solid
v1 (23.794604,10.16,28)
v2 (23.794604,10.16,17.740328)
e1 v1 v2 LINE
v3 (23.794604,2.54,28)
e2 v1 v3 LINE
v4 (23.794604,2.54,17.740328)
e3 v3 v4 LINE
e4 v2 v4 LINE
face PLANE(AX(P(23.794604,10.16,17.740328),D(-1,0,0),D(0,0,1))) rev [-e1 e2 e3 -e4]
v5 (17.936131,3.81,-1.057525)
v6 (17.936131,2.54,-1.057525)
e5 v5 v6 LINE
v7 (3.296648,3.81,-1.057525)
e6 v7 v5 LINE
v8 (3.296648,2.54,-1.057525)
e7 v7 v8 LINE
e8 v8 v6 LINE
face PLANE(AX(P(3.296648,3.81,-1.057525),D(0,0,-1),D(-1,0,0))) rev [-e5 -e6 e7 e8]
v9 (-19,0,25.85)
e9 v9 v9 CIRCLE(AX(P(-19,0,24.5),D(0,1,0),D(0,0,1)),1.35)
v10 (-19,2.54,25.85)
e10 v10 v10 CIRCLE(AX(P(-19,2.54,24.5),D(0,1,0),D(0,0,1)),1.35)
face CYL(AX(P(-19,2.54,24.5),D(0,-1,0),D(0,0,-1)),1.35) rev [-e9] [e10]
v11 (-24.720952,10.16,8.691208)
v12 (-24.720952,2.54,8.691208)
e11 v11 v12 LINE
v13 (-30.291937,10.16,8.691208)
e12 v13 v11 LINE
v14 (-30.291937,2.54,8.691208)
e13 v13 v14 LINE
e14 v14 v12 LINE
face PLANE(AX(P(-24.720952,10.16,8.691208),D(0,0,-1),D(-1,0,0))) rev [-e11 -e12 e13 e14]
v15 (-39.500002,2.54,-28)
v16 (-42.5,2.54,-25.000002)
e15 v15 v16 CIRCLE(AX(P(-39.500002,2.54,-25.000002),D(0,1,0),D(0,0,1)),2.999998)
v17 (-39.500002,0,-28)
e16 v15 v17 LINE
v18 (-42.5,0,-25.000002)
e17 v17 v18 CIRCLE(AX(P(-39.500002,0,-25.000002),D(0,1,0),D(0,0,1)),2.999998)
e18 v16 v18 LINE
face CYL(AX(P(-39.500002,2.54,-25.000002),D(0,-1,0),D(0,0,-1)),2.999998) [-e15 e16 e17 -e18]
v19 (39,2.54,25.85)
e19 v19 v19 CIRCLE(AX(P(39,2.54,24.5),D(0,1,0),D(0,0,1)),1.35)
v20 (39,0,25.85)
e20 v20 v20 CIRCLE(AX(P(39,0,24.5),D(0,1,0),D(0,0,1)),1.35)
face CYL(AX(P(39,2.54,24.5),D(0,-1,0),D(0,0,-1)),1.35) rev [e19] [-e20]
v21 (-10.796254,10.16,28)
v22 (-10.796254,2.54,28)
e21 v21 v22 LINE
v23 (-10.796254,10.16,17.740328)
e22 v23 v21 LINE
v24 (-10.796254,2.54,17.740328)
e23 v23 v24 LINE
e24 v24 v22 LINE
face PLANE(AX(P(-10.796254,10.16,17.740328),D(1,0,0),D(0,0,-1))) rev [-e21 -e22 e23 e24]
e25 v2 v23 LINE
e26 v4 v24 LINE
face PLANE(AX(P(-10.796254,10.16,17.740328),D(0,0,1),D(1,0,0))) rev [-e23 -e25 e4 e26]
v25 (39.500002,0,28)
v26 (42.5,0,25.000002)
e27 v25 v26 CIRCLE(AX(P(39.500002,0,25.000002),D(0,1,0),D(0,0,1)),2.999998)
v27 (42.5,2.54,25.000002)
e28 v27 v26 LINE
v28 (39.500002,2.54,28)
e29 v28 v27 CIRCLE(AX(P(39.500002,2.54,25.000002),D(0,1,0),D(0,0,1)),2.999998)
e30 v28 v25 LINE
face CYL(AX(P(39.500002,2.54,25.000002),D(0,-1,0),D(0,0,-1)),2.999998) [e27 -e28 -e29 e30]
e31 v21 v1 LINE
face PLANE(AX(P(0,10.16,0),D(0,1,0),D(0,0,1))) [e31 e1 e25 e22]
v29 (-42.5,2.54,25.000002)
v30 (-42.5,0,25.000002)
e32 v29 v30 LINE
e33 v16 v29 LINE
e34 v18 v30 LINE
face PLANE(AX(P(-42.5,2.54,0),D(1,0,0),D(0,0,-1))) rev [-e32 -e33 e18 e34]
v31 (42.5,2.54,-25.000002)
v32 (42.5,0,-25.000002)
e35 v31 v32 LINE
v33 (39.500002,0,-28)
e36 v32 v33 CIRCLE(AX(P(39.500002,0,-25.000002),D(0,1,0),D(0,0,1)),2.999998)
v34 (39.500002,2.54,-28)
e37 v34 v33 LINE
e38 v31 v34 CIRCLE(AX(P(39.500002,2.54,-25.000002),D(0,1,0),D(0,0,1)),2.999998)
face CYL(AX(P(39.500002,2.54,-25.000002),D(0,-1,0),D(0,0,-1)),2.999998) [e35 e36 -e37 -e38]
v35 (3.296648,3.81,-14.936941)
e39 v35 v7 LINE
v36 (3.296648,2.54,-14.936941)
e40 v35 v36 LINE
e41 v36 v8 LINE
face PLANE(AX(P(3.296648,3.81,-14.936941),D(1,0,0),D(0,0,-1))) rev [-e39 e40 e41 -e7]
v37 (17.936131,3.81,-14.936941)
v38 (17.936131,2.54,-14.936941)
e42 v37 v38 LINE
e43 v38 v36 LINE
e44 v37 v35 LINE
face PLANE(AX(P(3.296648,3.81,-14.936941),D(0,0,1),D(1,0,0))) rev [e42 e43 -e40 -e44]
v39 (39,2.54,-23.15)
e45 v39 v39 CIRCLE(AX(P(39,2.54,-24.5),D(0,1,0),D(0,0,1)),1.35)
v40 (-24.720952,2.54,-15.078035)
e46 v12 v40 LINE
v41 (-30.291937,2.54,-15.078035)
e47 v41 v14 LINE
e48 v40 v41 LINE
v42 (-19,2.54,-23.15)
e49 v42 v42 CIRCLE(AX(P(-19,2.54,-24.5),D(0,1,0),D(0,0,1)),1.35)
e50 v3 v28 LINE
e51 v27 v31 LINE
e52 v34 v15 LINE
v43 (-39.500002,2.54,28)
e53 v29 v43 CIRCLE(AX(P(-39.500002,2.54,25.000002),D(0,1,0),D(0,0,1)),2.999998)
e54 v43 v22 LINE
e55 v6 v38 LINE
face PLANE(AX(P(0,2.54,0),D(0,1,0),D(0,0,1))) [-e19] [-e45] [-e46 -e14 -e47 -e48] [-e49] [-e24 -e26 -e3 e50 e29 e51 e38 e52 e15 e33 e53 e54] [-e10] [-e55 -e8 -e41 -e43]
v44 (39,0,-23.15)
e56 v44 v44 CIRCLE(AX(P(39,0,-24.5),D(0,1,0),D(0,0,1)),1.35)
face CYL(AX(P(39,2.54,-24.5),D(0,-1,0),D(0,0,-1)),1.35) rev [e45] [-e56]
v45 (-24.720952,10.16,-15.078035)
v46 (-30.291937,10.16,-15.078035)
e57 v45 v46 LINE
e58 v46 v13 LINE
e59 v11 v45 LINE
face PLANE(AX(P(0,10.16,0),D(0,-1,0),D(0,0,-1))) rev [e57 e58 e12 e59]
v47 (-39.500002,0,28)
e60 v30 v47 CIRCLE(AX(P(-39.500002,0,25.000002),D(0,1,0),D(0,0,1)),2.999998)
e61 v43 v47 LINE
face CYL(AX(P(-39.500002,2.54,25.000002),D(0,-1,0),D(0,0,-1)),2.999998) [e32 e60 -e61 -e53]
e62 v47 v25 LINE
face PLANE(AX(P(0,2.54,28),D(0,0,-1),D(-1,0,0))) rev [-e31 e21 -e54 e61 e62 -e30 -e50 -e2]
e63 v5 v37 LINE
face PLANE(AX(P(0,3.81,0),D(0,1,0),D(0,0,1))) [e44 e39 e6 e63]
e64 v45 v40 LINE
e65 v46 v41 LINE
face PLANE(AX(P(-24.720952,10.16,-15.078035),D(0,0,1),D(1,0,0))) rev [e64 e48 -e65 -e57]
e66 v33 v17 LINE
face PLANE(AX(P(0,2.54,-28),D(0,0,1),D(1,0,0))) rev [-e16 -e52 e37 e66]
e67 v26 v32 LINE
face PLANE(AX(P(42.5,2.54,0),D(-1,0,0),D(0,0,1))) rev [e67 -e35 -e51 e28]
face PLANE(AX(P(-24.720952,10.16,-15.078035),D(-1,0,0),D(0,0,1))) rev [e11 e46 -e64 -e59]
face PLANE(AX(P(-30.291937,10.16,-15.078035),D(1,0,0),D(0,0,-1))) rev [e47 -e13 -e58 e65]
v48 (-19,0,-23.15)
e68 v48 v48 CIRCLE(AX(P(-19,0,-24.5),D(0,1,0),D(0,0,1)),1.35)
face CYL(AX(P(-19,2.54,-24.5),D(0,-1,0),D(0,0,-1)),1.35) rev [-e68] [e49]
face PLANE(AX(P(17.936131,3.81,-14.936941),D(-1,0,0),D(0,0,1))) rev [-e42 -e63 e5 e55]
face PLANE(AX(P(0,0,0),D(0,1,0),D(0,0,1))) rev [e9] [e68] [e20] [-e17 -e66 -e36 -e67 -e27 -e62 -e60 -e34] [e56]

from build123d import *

# Parameters (mm, degrees)
SKETCH1_R           = 1.35
BOSS_EXTRUDE1_DEPTH = 2.54
SKETCH2_W           = 34.5908584
SKETCH2_H           = 10.2596717
BOSS_EXTRUDE2_DEPTH = 7.62
SKETCH3_W           = 5.570985132
SKETCH3_H           = 23.769243549
BOSS_EXTRUDE3_DEPTH = 7.62
SKETCH4_W           = 14.639482868
SKETCH4_H           = 13.879415804
BOSS_EXTRUDE4_DEPTH = 1.27


with BuildPart() as part:
    # Sketch1 → Boss-Extrude1 (new body)
    with BuildSketch(Plane(origin=(0, 0, 0), x_dir=(1, 0, 0), z_dir=(0, 1, 0))):
        with BuildLine():
            ThreePointArc((42.5, 25.000002241), (41.621321, 27.121321), (39.500002241, 28))
            Line((39.500002241, 28), (-39.500002241, 28))
            ThreePointArc((-39.500002241, 28), (-41.621321, 27.121321), (-42.5, 25.000002241))
            Line((-42.5, 25.000002241), (-42.5, -25.000002241))
            ThreePointArc((-42.5, -25.000002241), (-41.621321, -27.121321), (-39.500002241, -28))
            Line((-39.500002241, -28), (39.500002241, -28))
            ThreePointArc((39.500002241, -28), (41.621321, -27.121321), (42.5, -25.000002241))
            Line((42.5, -25.000002241), (42.5, 25.000002241))
        make_face()
        with Locations((-19, -24.5)):
            Circle(SKETCH1_R, mode=Mode.SUBTRACT)
        with Locations((39, -24.5)):
            Circle(SKETCH1_R, mode=Mode.SUBTRACT)
        with Locations((-19, 24.5)):
            Circle(SKETCH1_R, mode=Mode.SUBTRACT)
        with Locations((39, 24.5)):
            Circle(SKETCH1_R, mode=Mode.SUBTRACT)
    extrude(amount=BOSS_EXTRUDE1_DEPTH)

    # Sketch2 → Boss-Extrude2 (add)
    with BuildSketch(Plane(origin=(0, 2.54, 0), x_dir=(1, 0, 0), z_dir=(0, 1, 0))):
        with Locations((6.499175034, -22.87016415)):
            Rectangle(SKETCH2_W, SKETCH2_H)
    extrude(amount=BOSS_EXTRUDE2_DEPTH)

    # Sketch3 → Boss-Extrude3 (add)
    with BuildSketch(Plane(origin=(0, 2.54, 0), x_dir=(1, 0, 0), z_dir=(0, 1, 0))):
        with Locations((-27.506444174, 3.193413678)):
            Rectangle(SKETCH3_W, SKETCH3_H)
    extrude(amount=BOSS_EXTRUDE3_DEPTH)

    # Sketch4 → Boss-Extrude4 (add)
    with BuildSketch(Plane(origin=(0, 2.54, 0), x_dir=(1, 0, 0), z_dir=(0, 1, 0))):
        with Locations((10.616389604, 7.997233107)):
            Rectangle(SKETCH4_W, SKETCH4_H)
    extrude(amount=BOSS_EXTRUDE4_DEPTH)


solid = part.part
